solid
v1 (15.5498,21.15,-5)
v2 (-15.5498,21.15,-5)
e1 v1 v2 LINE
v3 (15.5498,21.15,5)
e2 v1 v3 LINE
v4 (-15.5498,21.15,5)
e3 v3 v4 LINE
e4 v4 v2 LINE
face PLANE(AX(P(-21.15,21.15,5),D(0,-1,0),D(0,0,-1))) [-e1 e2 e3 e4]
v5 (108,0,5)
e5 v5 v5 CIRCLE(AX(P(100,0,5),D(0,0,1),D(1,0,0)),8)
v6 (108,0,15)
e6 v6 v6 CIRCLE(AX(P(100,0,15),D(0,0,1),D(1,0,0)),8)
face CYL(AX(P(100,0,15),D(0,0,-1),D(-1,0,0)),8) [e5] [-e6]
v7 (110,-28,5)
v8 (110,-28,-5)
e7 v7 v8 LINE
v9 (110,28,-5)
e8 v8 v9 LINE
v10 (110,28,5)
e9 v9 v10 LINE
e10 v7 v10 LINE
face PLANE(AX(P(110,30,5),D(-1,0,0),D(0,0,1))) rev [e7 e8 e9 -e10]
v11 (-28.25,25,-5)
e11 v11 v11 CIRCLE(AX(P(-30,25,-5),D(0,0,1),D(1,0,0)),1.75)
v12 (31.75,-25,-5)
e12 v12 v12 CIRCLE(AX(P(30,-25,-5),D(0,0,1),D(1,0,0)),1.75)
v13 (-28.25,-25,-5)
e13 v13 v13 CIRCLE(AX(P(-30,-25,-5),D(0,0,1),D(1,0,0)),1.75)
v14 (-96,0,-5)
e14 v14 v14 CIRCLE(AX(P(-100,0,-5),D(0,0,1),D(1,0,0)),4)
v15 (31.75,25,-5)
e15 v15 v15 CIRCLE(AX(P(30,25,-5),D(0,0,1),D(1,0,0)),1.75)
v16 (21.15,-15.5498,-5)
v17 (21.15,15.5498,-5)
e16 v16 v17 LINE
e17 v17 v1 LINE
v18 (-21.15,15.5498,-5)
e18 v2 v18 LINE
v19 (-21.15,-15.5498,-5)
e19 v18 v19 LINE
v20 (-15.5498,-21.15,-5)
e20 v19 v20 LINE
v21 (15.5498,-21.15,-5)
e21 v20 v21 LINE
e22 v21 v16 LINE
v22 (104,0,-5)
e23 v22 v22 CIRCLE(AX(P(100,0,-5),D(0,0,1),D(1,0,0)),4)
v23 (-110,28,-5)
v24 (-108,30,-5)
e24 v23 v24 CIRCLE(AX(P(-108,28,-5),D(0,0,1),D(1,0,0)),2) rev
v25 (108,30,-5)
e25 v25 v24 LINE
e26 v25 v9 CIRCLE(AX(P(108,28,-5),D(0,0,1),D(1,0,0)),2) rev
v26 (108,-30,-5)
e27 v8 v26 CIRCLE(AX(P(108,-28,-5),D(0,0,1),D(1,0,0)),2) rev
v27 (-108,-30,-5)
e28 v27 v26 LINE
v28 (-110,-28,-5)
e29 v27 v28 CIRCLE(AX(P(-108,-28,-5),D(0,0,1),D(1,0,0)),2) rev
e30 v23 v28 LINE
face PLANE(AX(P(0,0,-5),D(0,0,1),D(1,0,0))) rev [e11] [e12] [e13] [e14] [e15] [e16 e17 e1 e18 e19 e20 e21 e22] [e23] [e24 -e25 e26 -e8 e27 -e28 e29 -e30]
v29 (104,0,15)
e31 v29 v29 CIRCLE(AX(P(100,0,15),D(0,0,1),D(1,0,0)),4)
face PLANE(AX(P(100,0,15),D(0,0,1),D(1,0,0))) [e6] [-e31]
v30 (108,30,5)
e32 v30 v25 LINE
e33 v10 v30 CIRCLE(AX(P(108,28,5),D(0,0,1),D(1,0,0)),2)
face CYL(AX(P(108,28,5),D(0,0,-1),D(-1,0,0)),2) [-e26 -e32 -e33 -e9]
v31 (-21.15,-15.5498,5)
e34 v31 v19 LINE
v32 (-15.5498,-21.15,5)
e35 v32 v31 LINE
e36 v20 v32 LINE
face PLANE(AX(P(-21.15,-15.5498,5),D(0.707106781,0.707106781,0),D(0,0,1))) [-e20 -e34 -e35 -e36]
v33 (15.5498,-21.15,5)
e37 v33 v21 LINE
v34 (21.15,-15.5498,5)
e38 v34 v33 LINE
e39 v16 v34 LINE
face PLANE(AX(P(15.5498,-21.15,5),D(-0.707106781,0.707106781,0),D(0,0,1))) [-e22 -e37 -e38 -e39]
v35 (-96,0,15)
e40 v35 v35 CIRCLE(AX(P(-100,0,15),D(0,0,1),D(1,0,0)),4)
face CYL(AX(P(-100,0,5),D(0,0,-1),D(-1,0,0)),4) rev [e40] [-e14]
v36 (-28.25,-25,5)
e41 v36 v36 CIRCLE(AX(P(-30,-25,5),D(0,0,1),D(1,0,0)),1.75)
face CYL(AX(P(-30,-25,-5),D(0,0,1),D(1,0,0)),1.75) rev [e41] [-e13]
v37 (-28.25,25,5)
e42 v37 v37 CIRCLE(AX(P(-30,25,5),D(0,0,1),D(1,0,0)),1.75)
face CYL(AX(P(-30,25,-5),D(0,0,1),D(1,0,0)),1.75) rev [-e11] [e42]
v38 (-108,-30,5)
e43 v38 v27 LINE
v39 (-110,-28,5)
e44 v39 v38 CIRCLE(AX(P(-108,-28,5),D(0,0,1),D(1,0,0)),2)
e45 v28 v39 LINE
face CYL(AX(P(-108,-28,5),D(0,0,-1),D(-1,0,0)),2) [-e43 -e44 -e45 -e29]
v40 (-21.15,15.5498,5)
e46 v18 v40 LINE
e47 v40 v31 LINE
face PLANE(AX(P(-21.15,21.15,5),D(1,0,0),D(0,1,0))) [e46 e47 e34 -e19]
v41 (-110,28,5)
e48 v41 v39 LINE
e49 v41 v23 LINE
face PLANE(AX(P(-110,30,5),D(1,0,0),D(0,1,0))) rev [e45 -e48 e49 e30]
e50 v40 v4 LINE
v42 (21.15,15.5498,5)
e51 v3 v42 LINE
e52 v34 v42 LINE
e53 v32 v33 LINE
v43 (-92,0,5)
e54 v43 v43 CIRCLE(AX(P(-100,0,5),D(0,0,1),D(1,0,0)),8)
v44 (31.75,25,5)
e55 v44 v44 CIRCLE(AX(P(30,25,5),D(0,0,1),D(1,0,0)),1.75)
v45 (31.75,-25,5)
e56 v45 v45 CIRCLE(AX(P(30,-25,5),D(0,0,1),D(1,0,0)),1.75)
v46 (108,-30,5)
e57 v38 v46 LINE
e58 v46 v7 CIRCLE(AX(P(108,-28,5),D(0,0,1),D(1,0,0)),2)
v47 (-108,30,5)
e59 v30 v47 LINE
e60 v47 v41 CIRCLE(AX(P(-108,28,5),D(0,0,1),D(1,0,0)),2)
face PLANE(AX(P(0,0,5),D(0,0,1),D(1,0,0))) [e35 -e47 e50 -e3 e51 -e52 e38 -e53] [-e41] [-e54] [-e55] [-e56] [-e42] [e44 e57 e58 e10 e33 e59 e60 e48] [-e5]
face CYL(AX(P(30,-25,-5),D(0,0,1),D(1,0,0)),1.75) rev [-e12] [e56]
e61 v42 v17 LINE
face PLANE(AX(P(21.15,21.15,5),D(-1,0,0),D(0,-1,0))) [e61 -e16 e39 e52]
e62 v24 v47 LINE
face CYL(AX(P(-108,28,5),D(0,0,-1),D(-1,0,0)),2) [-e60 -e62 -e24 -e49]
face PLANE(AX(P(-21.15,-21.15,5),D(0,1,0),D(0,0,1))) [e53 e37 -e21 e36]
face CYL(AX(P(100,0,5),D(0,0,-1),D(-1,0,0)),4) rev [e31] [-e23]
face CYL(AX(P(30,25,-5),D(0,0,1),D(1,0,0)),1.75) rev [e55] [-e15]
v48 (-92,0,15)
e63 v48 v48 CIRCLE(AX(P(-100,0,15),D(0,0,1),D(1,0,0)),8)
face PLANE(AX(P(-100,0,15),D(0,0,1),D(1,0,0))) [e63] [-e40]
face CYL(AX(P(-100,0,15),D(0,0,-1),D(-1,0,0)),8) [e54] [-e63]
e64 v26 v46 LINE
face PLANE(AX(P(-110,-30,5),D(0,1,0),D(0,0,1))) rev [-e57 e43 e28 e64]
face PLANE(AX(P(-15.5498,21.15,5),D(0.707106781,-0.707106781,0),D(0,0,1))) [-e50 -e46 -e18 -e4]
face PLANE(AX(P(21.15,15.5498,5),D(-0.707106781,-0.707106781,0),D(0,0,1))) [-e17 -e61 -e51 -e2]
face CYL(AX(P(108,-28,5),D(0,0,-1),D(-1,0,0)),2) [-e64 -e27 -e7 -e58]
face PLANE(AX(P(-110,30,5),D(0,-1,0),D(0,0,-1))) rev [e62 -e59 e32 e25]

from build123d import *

# Parameters (mm, degrees)
ESBO_O1_W                = 220
ESBO_O1_H                = 60
ESBO_O1_R                = 4
ESBO_O1_W_2              = 42.3
ESBO_O1_H_2              = 42.3
RESSALTO_EXTRUS_O1_DEPTH = 5
CHANFRO1_SIZE            = 5.6002
ESBO_O2_R                = 8
ESBO_O2_R_2              = 4
RESSALTO_EXTRUS_O2_DEPTH = 10
ESBO_O3_R                = 1.75
CORTE_EXTRUS_O1_DEPTH    = 10
FILETE1_R                = 2


with BuildPart() as part:
    # Esboço1 → Ressalto-extrusão1 (new body, symmetric)
    with BuildSketch(Plane.XY):
        Rectangle(ESBO_O1_W, ESBO_O1_H)
        with Locations((100, 0)):
            Circle(ESBO_O1_R, mode=Mode.SUBTRACT)
        with Locations((-100, 0)):
            Circle(ESBO_O1_R, mode=Mode.SUBTRACT)
        Rectangle(ESBO_O1_W_2, ESBO_O1_H_2, mode=Mode.SUBTRACT)
    extrude(amount=RESSALTO_EXTRUS_O1_DEPTH, both=True)

    # Chanfro1
    chanfro1_edges = [part.edges().sort_by_distance(p)[0] for p in [
        (21.15, -21.15, 0),
        (21.15, 21.15, 0),
        (-21.15, 21.15, 0),
        (-21.15, -21.15, 0),
    ]]
    chamfer(chanfro1_edges, length=CHANFRO1_SIZE)

    # Esboço2 → Ressalto-extrusão2 (add)
    with BuildSketch(Plane.XY.offset(5)):
        with Locations((-100, 0)):
            Circle(ESBO_O2_R)
        with Locations((-100, 0)):
            Circle(ESBO_O2_R_2, mode=Mode.SUBTRACT)
        with Locations((100, 0)):
            Circle(ESBO_O2_R)
        with Locations((100, 0)):
            Circle(ESBO_O2_R_2, mode=Mode.SUBTRACT)
    extrude(amount=RESSALTO_EXTRUS_O2_DEPTH)

    # Esboço3 → Corte-extrusão1 (cut)
    with BuildSketch(Plane.XY.offset(5)):
        with Locations((-30, 25)):
            Circle(ESBO_O3_R)
        with Locations((-30, -25)):
            Circle(ESBO_O3_R)
        with Locations((30, 25)):
            Circle(ESBO_O3_R)
        with Locations((30, -25)):
            Circle(ESBO_O3_R)
    extrude(amount=-CORTE_EXTRUS_O1_DEPTH, mode=Mode.SUBTRACT)

    # Filete1
    filete1_edges = [part.edges().sort_by_distance(p)[0] for p in [
        (110, -30, 0),
        (-110, -30, 0),
        (-110, 30, 0),
        (110, 30, 0),
    ]]
    fillet(filete1_edges, radius=FILETE1_R)


solid = part.part
